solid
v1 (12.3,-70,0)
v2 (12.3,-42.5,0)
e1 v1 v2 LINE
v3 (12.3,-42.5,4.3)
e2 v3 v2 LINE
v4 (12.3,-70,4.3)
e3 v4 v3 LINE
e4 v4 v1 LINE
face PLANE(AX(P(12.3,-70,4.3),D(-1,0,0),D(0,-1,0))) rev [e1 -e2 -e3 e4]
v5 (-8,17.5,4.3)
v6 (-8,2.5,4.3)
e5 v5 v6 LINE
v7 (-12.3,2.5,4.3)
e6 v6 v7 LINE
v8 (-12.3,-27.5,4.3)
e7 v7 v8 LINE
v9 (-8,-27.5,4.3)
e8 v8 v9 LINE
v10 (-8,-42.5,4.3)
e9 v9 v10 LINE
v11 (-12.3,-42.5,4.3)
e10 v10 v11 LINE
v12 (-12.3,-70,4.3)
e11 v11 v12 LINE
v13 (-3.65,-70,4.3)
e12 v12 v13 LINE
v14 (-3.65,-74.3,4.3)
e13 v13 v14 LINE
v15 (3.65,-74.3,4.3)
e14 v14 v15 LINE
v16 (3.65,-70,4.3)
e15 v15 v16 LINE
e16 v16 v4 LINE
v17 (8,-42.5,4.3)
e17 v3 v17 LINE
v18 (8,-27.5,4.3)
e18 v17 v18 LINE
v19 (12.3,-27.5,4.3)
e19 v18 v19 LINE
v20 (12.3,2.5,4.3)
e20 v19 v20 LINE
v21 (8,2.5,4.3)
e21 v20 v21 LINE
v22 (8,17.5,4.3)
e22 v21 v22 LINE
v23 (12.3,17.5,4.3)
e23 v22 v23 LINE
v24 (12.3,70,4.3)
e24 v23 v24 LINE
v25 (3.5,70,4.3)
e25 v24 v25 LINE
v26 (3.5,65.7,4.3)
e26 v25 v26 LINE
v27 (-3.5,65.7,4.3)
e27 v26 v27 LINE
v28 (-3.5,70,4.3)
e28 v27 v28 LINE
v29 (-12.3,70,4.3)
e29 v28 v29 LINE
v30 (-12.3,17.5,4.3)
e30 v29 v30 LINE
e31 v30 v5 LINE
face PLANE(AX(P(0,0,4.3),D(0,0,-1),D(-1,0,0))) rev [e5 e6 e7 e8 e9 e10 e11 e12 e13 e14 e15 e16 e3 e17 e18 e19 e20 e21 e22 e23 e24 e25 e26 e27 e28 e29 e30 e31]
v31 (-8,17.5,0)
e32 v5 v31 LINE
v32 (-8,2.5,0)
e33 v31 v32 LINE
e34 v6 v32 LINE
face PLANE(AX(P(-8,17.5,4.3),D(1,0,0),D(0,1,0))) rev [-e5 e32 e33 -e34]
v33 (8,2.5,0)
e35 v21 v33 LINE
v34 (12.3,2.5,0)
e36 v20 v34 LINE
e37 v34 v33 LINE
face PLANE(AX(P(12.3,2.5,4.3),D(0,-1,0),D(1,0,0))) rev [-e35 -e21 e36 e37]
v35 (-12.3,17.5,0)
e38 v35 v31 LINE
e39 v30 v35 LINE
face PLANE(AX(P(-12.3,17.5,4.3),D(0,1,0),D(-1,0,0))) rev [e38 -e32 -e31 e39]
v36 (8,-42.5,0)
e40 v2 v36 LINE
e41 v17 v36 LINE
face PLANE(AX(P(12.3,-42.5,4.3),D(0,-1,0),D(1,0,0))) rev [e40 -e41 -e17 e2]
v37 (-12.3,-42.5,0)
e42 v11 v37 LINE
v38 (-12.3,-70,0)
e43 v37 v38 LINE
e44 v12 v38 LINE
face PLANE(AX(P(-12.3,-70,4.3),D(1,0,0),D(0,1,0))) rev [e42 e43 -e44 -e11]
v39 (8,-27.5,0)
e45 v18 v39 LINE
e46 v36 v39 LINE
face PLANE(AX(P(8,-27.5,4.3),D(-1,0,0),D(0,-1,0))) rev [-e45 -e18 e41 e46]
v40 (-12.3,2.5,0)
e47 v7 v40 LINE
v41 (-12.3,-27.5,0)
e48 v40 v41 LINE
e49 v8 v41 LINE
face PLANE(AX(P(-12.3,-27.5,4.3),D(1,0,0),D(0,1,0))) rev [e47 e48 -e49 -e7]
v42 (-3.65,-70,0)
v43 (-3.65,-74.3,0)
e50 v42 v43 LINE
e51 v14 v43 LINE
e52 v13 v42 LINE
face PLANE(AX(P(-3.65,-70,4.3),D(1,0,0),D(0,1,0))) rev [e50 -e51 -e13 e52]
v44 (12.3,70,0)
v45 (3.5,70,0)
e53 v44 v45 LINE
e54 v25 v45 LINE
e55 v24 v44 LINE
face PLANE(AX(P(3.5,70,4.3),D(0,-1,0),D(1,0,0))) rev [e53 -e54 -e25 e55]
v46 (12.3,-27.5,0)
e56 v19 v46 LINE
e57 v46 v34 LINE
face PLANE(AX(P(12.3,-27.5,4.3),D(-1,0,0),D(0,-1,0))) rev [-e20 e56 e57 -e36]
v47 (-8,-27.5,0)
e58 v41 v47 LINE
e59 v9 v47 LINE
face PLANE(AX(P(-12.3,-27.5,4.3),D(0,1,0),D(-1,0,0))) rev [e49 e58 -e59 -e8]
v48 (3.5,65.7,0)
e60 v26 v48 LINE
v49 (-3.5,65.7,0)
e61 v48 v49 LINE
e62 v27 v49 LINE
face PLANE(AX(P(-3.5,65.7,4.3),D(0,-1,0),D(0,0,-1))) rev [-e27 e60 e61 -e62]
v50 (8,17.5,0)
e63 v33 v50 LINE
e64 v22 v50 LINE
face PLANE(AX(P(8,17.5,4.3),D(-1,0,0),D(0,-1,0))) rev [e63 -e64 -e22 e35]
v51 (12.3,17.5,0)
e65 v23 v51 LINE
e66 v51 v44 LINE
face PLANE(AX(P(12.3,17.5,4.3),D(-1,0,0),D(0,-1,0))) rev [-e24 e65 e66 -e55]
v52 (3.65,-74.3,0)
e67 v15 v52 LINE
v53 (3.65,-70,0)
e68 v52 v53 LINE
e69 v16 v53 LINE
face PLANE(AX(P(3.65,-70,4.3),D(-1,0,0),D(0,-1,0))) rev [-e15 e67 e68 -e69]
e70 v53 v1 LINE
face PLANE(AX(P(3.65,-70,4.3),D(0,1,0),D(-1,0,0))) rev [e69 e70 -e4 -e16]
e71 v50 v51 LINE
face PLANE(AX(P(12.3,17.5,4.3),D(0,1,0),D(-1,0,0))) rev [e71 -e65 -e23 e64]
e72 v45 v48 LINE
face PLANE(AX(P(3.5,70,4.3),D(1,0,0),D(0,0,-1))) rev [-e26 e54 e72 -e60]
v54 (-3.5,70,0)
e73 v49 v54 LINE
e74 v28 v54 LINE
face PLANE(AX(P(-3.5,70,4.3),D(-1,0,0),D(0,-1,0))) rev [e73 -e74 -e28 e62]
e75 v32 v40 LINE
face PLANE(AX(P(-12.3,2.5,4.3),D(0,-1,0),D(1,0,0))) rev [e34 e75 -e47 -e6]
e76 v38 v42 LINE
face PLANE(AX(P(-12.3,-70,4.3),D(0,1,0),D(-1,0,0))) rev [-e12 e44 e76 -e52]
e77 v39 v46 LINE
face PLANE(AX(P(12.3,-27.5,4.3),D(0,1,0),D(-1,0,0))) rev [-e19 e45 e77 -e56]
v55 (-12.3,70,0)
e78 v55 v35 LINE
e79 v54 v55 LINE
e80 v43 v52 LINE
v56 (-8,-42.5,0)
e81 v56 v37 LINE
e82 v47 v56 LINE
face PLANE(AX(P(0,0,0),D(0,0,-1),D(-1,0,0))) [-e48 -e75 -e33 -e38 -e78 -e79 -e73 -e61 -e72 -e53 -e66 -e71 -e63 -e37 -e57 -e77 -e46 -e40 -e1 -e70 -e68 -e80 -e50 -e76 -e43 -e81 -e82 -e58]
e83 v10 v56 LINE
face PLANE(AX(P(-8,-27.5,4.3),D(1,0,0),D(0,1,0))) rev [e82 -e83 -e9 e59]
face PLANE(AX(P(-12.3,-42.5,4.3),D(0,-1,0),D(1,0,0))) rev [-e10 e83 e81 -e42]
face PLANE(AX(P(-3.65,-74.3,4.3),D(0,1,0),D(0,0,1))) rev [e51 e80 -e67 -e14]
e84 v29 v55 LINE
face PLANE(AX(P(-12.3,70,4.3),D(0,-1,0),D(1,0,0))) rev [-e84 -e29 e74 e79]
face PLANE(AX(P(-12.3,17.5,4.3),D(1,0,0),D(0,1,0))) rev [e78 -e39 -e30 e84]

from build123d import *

# Parameters (mm, degrees)
BOSS_EXTRUDE1_DEPTH = 4.3


with BuildPart() as part:
    # Sketch1 → Boss-Extrude1 (new body)
    with BuildSketch(Plane.XY):
        Polygon((3.5, 70), (12.3, 70), (12.3, 17.5), (8, 17.5), (8, 2.5), (12.3, 2.5), (12.3, -27.5), (8, -27.5), (8, -42.5), (12.3, -42.5), (12.3, -70), (3.65, -70), (3.65, -74.3), (-3.65, -74.3), (-3.65, -70), (-12.3, -70), (-12.3, -42.5), (-8, -42.5), (-8, -27.5), (-12.3, -27.5), (-12.3, 2.5), (-8, 2.5), (-8, 17.5), (-12.3, 17.5), (-12.3, 70), (-3.5, 70), (-3.5, 65.7), (3.5, 65.7), align=None)
    extrude(amount=BOSS_EXTRUDE1_DEPTH)


solid = part.part
